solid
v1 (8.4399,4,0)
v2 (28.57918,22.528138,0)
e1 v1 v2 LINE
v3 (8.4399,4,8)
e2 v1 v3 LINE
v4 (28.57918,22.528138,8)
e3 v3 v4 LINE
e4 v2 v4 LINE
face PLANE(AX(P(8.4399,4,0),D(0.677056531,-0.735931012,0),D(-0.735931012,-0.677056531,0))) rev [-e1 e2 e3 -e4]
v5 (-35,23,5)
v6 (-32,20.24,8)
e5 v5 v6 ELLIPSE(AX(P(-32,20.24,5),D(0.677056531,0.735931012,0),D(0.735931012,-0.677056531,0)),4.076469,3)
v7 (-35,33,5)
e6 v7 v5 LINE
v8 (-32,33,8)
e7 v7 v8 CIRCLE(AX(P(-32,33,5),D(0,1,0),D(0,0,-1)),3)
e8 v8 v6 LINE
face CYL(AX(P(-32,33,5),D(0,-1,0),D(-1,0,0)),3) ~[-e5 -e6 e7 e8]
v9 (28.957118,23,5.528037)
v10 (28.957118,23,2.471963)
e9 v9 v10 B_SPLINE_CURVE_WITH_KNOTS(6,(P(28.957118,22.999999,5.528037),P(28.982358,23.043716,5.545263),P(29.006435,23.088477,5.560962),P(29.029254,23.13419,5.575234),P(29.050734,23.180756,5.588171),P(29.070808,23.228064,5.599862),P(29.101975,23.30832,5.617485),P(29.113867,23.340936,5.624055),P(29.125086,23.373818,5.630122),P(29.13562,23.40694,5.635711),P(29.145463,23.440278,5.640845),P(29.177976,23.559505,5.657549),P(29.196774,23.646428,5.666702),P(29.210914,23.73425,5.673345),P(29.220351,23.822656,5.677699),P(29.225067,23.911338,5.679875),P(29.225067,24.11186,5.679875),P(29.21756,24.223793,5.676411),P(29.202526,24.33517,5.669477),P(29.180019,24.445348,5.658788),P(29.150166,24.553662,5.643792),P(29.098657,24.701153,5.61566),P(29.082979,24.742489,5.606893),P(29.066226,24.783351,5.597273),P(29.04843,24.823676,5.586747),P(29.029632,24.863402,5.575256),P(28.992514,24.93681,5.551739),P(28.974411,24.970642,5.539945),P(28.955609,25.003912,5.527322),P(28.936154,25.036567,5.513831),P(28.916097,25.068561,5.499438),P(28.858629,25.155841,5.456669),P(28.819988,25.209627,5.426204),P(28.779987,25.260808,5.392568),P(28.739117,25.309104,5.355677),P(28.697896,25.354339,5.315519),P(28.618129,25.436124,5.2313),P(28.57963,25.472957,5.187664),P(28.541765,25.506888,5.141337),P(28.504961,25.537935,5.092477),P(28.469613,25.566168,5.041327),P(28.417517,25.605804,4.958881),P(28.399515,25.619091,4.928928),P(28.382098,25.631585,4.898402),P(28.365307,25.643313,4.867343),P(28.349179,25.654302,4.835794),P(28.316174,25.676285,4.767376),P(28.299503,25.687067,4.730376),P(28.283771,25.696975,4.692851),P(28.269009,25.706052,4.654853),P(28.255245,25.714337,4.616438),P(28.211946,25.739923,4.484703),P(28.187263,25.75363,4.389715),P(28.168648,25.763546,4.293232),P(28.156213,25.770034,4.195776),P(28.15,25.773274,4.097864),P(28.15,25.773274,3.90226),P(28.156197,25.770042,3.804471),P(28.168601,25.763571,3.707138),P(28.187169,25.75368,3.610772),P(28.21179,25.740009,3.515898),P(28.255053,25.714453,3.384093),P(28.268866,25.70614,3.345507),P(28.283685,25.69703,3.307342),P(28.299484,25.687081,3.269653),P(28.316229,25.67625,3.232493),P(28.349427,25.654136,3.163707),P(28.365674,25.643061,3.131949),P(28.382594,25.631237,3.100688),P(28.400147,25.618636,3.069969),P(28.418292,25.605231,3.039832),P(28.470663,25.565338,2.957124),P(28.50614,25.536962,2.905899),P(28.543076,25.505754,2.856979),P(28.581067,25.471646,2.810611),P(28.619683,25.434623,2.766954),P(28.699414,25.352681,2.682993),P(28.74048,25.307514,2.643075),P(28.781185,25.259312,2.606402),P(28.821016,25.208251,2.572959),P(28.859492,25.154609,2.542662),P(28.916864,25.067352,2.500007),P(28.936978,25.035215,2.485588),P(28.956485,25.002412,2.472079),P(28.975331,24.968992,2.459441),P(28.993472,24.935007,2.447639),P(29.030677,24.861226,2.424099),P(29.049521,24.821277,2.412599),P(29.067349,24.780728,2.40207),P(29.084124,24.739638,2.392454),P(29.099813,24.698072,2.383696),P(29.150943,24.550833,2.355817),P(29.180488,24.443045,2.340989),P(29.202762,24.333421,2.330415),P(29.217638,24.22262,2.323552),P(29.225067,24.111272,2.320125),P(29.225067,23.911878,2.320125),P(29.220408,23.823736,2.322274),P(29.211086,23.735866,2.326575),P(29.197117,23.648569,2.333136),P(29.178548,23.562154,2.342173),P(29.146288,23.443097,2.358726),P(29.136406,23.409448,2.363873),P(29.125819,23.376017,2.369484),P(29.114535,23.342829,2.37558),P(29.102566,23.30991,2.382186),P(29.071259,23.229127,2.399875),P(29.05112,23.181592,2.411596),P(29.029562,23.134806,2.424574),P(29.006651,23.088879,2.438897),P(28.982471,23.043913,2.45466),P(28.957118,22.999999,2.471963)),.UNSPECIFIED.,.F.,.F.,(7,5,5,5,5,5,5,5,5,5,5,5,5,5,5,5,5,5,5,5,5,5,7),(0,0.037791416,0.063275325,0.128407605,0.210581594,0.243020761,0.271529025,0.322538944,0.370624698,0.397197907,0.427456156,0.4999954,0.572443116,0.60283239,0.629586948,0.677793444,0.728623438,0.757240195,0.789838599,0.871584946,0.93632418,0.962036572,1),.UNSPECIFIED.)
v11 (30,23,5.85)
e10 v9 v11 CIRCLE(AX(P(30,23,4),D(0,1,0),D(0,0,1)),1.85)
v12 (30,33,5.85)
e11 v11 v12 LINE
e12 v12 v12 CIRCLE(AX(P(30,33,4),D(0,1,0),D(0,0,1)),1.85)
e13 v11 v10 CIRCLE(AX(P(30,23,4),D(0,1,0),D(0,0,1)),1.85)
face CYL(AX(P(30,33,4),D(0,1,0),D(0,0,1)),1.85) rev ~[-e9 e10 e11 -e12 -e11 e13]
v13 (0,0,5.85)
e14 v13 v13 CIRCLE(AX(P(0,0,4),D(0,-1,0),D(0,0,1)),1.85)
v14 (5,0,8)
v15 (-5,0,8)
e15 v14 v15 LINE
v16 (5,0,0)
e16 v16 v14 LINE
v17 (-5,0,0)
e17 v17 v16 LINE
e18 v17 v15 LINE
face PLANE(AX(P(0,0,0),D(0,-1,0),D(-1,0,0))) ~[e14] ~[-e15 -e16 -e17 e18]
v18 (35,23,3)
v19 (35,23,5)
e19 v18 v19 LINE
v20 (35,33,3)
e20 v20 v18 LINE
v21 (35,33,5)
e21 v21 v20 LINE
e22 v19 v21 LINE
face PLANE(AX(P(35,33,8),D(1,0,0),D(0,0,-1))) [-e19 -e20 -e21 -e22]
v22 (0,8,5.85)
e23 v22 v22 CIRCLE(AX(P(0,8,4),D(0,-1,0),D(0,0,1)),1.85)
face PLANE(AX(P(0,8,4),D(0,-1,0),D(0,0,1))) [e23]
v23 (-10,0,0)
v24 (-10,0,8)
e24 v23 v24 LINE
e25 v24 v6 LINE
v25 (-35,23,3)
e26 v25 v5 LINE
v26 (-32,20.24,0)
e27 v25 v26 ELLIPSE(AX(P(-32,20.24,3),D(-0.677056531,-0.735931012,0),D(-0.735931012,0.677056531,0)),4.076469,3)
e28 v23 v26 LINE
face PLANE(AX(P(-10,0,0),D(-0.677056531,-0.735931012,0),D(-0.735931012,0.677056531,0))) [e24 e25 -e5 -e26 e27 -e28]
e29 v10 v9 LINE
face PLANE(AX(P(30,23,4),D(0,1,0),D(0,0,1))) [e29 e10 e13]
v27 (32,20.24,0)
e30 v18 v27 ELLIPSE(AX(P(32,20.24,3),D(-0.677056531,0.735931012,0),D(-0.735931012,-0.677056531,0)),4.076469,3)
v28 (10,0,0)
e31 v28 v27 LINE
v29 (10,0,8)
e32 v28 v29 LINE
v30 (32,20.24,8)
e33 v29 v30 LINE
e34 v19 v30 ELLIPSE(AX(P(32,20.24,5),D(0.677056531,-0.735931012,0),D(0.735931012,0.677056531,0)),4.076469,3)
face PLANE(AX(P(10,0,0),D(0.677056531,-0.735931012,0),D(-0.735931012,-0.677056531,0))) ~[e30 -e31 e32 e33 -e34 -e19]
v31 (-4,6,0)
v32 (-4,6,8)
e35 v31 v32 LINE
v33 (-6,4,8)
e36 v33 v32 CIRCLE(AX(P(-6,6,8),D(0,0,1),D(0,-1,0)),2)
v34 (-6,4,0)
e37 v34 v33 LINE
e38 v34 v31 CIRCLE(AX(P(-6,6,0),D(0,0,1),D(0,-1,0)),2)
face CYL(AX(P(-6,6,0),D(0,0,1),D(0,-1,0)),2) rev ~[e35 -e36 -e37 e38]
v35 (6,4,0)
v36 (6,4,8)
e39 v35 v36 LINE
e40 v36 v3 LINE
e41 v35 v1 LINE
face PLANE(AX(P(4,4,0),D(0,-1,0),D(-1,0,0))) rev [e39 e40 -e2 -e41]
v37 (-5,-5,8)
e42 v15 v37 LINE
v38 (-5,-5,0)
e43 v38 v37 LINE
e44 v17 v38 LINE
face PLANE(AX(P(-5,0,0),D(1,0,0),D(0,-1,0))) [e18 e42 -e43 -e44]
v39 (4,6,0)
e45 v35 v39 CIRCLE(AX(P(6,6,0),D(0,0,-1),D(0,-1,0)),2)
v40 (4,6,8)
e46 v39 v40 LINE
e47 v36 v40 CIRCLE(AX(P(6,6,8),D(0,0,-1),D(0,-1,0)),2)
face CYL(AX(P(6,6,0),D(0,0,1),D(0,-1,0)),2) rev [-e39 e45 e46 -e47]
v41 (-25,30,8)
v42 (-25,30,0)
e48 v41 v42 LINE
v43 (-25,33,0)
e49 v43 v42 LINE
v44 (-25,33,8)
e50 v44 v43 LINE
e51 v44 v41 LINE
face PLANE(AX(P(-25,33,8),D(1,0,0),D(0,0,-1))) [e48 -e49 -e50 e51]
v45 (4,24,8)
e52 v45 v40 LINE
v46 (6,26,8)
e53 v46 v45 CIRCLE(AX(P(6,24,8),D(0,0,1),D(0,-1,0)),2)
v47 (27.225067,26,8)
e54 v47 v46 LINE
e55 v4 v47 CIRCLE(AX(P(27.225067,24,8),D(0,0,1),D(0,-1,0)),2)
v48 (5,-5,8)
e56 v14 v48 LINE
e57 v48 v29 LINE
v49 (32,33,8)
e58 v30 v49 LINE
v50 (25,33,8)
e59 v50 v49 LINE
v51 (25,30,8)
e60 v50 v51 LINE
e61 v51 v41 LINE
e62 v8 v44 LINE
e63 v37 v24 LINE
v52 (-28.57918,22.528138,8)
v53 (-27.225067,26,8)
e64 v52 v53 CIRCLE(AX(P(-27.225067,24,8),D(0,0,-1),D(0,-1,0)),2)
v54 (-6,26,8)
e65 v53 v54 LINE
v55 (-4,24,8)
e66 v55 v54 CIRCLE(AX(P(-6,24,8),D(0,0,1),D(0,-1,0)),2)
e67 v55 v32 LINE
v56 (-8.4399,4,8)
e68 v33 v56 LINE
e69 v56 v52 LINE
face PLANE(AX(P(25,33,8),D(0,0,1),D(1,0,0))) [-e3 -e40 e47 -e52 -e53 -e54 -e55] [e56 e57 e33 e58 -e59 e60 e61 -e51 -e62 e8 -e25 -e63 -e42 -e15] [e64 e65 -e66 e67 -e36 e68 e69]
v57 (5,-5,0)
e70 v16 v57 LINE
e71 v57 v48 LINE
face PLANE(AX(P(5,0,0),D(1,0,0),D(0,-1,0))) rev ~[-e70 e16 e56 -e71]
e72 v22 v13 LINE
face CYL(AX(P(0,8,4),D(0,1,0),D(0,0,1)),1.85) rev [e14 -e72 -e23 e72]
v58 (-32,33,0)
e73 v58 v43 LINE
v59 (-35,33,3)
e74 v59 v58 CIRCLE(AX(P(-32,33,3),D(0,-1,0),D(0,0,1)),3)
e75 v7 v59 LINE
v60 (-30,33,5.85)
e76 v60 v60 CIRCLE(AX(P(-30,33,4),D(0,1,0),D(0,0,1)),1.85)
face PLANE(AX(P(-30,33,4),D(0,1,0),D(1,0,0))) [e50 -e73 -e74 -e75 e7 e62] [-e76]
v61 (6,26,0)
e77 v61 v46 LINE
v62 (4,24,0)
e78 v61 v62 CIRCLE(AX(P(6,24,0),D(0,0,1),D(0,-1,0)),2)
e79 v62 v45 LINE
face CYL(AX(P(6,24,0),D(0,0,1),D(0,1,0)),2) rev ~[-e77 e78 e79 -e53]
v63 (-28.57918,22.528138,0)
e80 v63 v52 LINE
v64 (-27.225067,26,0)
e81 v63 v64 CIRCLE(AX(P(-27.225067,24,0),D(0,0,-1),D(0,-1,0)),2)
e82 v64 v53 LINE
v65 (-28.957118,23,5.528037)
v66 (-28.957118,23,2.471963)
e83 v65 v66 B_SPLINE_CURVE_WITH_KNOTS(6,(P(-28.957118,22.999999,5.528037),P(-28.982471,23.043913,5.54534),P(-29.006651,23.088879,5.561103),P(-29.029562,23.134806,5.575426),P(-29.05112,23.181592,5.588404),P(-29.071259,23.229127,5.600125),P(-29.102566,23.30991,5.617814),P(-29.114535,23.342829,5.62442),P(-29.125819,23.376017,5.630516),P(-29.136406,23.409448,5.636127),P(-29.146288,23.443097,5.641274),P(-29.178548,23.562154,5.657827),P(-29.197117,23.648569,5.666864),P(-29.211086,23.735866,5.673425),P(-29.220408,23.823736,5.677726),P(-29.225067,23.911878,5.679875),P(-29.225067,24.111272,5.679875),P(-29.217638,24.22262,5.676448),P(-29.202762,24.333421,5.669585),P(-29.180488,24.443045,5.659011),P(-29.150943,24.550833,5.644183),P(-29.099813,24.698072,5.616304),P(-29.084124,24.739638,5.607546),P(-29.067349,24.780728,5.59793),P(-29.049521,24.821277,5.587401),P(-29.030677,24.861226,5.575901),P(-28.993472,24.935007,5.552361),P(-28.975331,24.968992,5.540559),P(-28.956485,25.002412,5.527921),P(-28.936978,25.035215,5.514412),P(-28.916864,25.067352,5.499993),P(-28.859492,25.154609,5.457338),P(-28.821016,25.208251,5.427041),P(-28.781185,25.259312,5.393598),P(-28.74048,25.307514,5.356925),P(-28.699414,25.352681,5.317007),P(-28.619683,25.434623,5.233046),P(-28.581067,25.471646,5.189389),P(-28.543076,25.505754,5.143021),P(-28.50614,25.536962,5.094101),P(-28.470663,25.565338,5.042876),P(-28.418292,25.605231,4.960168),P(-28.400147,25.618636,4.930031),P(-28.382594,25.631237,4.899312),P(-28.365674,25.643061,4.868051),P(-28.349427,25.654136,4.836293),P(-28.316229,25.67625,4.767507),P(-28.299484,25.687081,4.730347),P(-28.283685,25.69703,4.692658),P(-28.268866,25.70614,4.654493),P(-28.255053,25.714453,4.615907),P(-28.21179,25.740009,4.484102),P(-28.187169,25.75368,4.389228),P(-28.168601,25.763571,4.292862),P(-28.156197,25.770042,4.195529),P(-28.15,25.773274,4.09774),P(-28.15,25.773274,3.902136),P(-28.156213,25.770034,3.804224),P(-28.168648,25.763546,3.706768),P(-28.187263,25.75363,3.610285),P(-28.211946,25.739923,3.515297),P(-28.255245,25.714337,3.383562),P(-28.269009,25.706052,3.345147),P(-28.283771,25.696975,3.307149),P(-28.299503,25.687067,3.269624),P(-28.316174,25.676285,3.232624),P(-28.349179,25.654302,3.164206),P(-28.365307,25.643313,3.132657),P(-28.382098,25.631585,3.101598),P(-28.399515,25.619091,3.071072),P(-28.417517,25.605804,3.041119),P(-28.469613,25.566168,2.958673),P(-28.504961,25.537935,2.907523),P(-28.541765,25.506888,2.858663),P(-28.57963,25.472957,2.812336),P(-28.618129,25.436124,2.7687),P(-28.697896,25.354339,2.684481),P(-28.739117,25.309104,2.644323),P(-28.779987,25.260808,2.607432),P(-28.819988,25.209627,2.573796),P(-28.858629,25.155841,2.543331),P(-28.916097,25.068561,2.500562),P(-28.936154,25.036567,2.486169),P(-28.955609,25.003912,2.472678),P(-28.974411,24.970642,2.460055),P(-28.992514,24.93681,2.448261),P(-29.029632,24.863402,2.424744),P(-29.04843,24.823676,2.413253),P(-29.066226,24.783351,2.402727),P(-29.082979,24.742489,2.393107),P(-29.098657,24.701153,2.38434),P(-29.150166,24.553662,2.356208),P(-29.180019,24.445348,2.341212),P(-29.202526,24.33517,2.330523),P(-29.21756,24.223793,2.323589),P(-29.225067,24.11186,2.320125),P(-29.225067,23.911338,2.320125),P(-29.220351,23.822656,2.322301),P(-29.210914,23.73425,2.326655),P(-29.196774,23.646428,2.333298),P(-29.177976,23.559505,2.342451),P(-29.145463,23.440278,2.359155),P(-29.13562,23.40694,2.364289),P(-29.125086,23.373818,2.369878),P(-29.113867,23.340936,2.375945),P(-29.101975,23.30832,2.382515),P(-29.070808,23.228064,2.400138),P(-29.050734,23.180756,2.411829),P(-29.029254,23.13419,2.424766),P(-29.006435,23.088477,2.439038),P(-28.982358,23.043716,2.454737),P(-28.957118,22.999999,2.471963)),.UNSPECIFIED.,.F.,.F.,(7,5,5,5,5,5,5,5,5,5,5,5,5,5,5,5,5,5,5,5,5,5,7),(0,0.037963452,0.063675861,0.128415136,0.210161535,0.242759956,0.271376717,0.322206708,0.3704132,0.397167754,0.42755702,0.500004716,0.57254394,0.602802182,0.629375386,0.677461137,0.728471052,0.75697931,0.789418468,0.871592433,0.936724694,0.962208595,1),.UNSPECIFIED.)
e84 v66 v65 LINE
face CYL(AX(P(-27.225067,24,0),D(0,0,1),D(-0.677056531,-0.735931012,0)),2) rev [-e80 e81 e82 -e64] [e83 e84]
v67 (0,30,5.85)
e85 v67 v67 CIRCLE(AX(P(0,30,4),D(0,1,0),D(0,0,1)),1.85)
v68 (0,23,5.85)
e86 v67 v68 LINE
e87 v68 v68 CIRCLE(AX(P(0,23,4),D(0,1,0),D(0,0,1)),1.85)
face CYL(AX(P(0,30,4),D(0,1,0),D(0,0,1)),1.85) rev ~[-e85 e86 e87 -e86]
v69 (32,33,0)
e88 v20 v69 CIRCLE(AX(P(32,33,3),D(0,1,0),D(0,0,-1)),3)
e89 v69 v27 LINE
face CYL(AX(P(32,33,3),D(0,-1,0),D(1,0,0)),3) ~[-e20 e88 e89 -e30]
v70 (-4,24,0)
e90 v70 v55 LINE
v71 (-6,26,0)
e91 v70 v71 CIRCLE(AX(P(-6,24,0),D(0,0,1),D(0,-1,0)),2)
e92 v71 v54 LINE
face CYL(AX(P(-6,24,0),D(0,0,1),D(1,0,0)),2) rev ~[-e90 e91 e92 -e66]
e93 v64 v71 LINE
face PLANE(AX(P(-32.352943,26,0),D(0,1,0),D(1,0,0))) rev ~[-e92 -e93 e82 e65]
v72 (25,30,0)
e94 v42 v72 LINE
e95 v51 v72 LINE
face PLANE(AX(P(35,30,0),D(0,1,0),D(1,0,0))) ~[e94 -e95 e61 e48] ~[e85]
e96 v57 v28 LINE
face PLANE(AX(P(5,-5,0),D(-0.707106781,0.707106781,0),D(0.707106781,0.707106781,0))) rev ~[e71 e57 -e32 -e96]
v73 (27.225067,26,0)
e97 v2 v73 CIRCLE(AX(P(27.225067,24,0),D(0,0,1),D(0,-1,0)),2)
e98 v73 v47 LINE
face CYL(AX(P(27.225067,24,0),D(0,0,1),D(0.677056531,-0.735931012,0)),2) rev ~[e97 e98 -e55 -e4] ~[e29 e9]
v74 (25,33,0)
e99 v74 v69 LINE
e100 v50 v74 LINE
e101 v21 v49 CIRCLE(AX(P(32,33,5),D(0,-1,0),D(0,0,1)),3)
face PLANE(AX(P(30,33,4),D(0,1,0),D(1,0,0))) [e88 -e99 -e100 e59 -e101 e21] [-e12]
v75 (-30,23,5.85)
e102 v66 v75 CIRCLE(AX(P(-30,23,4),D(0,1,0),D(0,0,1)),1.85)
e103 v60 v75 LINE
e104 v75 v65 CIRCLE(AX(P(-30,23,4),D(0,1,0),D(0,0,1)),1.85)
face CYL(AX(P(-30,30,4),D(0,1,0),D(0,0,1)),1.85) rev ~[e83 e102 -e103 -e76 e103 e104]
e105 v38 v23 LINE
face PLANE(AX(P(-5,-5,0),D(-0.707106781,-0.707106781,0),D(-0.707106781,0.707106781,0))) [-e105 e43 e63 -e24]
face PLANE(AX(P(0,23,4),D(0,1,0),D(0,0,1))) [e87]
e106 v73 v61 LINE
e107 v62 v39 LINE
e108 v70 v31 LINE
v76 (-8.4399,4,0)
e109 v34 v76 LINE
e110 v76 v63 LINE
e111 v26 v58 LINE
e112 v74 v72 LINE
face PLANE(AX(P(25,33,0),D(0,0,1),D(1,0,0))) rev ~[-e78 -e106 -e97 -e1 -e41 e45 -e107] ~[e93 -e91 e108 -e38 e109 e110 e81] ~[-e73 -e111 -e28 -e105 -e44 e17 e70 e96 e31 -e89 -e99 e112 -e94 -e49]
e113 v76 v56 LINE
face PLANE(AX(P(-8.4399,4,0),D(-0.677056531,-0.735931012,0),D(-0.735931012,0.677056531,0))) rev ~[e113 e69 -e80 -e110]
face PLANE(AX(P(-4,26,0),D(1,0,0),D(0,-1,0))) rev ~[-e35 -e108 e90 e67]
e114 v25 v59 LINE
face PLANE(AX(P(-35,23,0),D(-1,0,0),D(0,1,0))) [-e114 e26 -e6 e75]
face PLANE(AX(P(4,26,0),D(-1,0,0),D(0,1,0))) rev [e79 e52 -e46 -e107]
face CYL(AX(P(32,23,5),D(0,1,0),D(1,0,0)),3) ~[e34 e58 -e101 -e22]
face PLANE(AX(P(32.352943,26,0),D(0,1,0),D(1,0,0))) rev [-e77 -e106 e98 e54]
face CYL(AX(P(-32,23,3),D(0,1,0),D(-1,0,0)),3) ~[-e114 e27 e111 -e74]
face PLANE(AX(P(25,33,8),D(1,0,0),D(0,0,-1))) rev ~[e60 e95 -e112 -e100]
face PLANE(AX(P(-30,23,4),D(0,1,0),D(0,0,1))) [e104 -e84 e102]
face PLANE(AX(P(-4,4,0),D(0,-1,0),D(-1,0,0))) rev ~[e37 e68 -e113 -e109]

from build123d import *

# Parameters (mm, degrees)
EXTRUDE_1_DEPTH     = 8
FILLET_1_R          = 2
SKETCH_2_R          = 1.85
CUT_EXTRUDE_1_DEPTH = 7
CUT_EXTRUDE_START   = -8
SKETCH_3_R          = 1.85
CUT_EXTRUDE_2_DEPTH = 8
EXTRUDE_2_DEPTH     = 8
EXTRUDE_START       = 3
SKETCH_5_W          = 10
SKETCH_5_H          = 8
SKETCH_5_R          = 1.85
EXTRUDE_3_DEPTH     = 3
FILLET_2_R          = 3


with BuildPart() as part:
    # ｽｹｯﾁ1 → ﾎﾞｽ - 押し出し1 (new body)
    with BuildSketch(Plane.XY):
        Polygon((0, 0), (-10, 0), (-35, 23), (-35, 30), (0, 30), align=None)
        Polygon((-4, 26), (-4, 4), (-8.439899913, 4), (-32.352943391, 26), align=None, mode=Mode.SUBTRACT)
    extrude_1 = extrude(amount=EXTRUDE_1_DEPTH)

    # ﾐﾗｰ1: ﾎﾞｽ - 押し出し1 across plane
    add(extrude_1.mirror(Plane(origin=(0, 30, 8), x_dir=(0, 0, 1), z_dir=(-1, 0, 0))))

    # ﾌｨﾚｯﾄ1
    fillet_1_edges = [part.edges().sort_by_distance(p)[0] for p in [
        (-4, 26, 4),
        (-32.352943391, 26, 4),
        (-4, 4, 4),
        (4, 26, 4),
        (4, 4, 4),
        (32.352943391, 26, 4),
    ]]
    fillet(fillet_1_edges, radius=FILLET_1_R)

    # ｽｹｯﾁ2 → ｶｯﾄ - 押し出し1 (cut)
    with BuildSketch(Plane(origin=(0, 30, 0), x_dir=(1, 0, 0), z_dir=(0, 1, 0))):
        with Locations(Location((0, -4, 0), (0, 0, 270))):
            Circle(SKETCH_2_R)
        with Locations(Location((-30, -4, 0), (0, 0, 270))):
            Circle(SKETCH_2_R)
        with Locations(Location((30, -4, 0), (0, 0, 270))):
            Circle(SKETCH_2_R)
    extrude(amount=-CUT_EXTRUDE_1_DEPTH, mode=Mode.SUBTRACT)

    # ｽｹｯﾁ3 → ｶｯﾄ - 押し出し2 (cut)
    with BuildSketch(Plane(origin=(0, 0, 0), x_dir=(-1, 0, 0), z_dir=(0, -1, 0)).offset(CUT_EXTRUDE_START)):
        with Locations(Location((0, -4, 0), (0, 0, 270))):
            Circle(SKETCH_3_R)
    extrude(amount=CUT_EXTRUDE_2_DEPTH, mode=Mode.SUBTRACT)

    # ｽｹｯﾁ4 → ﾎﾞｽ - 押し出し2 (add)
    with BuildSketch(Plane(origin=(0, 0, 0), x_dir=(-1, 0, 0), z_dir=(0, 0, -1))):
        Polygon((5, 0), (5, -5), (10, 0), align=None)
        Polygon((-10, 0), (-5, 0), (-5, -5), align=None)
    extrude(amount=-EXTRUDE_2_DEPTH)

    # ｽｹｯﾁ5 → ﾎﾞｽ - 押し出し3 (add)
    # profile 1 of 2: a face of its own
    with BuildSketch(Plane(origin=(0, 30, 0), x_dir=(1, 0, 0), z_dir=(0, 1, 0)).offset(EXTRUDE_START)):
        with Locations((30, -4)):
            Rectangle(SKETCH_5_W, SKETCH_5_H)
        with Locations(Location((30, -4, 0), (0, 0, 270))):
            Circle(SKETCH_5_R, mode=Mode.SUBTRACT)
    # profile 2 of 2: a face of its own
    with BuildSketch(Plane(origin=(0, 30, 0), x_dir=(1, 0, 0), z_dir=(0, 1, 0)).offset(EXTRUDE_START)):
        with Locations((-30, -4)):
            Rectangle(SKETCH_5_W, SKETCH_5_H)
        with Locations(Location((-30, -4, 0), (0, 0, 270))):
            Circle(SKETCH_5_R, mode=Mode.SUBTRACT)
    extrude(amount=-EXTRUDE_3_DEPTH)

    # ﾌｨﾚｯﾄ2
    fillet_2_edges = [part.edges().sort_by_distance(p)[0] for p in [
        (-35, 28, 8),
        (35, 28, 8),
        (35, 28, 0),
        (-35, 28, 0),
    ]]
    fillet(fillet_2_edges, radius=FILLET_2_R)


solid = part.part
